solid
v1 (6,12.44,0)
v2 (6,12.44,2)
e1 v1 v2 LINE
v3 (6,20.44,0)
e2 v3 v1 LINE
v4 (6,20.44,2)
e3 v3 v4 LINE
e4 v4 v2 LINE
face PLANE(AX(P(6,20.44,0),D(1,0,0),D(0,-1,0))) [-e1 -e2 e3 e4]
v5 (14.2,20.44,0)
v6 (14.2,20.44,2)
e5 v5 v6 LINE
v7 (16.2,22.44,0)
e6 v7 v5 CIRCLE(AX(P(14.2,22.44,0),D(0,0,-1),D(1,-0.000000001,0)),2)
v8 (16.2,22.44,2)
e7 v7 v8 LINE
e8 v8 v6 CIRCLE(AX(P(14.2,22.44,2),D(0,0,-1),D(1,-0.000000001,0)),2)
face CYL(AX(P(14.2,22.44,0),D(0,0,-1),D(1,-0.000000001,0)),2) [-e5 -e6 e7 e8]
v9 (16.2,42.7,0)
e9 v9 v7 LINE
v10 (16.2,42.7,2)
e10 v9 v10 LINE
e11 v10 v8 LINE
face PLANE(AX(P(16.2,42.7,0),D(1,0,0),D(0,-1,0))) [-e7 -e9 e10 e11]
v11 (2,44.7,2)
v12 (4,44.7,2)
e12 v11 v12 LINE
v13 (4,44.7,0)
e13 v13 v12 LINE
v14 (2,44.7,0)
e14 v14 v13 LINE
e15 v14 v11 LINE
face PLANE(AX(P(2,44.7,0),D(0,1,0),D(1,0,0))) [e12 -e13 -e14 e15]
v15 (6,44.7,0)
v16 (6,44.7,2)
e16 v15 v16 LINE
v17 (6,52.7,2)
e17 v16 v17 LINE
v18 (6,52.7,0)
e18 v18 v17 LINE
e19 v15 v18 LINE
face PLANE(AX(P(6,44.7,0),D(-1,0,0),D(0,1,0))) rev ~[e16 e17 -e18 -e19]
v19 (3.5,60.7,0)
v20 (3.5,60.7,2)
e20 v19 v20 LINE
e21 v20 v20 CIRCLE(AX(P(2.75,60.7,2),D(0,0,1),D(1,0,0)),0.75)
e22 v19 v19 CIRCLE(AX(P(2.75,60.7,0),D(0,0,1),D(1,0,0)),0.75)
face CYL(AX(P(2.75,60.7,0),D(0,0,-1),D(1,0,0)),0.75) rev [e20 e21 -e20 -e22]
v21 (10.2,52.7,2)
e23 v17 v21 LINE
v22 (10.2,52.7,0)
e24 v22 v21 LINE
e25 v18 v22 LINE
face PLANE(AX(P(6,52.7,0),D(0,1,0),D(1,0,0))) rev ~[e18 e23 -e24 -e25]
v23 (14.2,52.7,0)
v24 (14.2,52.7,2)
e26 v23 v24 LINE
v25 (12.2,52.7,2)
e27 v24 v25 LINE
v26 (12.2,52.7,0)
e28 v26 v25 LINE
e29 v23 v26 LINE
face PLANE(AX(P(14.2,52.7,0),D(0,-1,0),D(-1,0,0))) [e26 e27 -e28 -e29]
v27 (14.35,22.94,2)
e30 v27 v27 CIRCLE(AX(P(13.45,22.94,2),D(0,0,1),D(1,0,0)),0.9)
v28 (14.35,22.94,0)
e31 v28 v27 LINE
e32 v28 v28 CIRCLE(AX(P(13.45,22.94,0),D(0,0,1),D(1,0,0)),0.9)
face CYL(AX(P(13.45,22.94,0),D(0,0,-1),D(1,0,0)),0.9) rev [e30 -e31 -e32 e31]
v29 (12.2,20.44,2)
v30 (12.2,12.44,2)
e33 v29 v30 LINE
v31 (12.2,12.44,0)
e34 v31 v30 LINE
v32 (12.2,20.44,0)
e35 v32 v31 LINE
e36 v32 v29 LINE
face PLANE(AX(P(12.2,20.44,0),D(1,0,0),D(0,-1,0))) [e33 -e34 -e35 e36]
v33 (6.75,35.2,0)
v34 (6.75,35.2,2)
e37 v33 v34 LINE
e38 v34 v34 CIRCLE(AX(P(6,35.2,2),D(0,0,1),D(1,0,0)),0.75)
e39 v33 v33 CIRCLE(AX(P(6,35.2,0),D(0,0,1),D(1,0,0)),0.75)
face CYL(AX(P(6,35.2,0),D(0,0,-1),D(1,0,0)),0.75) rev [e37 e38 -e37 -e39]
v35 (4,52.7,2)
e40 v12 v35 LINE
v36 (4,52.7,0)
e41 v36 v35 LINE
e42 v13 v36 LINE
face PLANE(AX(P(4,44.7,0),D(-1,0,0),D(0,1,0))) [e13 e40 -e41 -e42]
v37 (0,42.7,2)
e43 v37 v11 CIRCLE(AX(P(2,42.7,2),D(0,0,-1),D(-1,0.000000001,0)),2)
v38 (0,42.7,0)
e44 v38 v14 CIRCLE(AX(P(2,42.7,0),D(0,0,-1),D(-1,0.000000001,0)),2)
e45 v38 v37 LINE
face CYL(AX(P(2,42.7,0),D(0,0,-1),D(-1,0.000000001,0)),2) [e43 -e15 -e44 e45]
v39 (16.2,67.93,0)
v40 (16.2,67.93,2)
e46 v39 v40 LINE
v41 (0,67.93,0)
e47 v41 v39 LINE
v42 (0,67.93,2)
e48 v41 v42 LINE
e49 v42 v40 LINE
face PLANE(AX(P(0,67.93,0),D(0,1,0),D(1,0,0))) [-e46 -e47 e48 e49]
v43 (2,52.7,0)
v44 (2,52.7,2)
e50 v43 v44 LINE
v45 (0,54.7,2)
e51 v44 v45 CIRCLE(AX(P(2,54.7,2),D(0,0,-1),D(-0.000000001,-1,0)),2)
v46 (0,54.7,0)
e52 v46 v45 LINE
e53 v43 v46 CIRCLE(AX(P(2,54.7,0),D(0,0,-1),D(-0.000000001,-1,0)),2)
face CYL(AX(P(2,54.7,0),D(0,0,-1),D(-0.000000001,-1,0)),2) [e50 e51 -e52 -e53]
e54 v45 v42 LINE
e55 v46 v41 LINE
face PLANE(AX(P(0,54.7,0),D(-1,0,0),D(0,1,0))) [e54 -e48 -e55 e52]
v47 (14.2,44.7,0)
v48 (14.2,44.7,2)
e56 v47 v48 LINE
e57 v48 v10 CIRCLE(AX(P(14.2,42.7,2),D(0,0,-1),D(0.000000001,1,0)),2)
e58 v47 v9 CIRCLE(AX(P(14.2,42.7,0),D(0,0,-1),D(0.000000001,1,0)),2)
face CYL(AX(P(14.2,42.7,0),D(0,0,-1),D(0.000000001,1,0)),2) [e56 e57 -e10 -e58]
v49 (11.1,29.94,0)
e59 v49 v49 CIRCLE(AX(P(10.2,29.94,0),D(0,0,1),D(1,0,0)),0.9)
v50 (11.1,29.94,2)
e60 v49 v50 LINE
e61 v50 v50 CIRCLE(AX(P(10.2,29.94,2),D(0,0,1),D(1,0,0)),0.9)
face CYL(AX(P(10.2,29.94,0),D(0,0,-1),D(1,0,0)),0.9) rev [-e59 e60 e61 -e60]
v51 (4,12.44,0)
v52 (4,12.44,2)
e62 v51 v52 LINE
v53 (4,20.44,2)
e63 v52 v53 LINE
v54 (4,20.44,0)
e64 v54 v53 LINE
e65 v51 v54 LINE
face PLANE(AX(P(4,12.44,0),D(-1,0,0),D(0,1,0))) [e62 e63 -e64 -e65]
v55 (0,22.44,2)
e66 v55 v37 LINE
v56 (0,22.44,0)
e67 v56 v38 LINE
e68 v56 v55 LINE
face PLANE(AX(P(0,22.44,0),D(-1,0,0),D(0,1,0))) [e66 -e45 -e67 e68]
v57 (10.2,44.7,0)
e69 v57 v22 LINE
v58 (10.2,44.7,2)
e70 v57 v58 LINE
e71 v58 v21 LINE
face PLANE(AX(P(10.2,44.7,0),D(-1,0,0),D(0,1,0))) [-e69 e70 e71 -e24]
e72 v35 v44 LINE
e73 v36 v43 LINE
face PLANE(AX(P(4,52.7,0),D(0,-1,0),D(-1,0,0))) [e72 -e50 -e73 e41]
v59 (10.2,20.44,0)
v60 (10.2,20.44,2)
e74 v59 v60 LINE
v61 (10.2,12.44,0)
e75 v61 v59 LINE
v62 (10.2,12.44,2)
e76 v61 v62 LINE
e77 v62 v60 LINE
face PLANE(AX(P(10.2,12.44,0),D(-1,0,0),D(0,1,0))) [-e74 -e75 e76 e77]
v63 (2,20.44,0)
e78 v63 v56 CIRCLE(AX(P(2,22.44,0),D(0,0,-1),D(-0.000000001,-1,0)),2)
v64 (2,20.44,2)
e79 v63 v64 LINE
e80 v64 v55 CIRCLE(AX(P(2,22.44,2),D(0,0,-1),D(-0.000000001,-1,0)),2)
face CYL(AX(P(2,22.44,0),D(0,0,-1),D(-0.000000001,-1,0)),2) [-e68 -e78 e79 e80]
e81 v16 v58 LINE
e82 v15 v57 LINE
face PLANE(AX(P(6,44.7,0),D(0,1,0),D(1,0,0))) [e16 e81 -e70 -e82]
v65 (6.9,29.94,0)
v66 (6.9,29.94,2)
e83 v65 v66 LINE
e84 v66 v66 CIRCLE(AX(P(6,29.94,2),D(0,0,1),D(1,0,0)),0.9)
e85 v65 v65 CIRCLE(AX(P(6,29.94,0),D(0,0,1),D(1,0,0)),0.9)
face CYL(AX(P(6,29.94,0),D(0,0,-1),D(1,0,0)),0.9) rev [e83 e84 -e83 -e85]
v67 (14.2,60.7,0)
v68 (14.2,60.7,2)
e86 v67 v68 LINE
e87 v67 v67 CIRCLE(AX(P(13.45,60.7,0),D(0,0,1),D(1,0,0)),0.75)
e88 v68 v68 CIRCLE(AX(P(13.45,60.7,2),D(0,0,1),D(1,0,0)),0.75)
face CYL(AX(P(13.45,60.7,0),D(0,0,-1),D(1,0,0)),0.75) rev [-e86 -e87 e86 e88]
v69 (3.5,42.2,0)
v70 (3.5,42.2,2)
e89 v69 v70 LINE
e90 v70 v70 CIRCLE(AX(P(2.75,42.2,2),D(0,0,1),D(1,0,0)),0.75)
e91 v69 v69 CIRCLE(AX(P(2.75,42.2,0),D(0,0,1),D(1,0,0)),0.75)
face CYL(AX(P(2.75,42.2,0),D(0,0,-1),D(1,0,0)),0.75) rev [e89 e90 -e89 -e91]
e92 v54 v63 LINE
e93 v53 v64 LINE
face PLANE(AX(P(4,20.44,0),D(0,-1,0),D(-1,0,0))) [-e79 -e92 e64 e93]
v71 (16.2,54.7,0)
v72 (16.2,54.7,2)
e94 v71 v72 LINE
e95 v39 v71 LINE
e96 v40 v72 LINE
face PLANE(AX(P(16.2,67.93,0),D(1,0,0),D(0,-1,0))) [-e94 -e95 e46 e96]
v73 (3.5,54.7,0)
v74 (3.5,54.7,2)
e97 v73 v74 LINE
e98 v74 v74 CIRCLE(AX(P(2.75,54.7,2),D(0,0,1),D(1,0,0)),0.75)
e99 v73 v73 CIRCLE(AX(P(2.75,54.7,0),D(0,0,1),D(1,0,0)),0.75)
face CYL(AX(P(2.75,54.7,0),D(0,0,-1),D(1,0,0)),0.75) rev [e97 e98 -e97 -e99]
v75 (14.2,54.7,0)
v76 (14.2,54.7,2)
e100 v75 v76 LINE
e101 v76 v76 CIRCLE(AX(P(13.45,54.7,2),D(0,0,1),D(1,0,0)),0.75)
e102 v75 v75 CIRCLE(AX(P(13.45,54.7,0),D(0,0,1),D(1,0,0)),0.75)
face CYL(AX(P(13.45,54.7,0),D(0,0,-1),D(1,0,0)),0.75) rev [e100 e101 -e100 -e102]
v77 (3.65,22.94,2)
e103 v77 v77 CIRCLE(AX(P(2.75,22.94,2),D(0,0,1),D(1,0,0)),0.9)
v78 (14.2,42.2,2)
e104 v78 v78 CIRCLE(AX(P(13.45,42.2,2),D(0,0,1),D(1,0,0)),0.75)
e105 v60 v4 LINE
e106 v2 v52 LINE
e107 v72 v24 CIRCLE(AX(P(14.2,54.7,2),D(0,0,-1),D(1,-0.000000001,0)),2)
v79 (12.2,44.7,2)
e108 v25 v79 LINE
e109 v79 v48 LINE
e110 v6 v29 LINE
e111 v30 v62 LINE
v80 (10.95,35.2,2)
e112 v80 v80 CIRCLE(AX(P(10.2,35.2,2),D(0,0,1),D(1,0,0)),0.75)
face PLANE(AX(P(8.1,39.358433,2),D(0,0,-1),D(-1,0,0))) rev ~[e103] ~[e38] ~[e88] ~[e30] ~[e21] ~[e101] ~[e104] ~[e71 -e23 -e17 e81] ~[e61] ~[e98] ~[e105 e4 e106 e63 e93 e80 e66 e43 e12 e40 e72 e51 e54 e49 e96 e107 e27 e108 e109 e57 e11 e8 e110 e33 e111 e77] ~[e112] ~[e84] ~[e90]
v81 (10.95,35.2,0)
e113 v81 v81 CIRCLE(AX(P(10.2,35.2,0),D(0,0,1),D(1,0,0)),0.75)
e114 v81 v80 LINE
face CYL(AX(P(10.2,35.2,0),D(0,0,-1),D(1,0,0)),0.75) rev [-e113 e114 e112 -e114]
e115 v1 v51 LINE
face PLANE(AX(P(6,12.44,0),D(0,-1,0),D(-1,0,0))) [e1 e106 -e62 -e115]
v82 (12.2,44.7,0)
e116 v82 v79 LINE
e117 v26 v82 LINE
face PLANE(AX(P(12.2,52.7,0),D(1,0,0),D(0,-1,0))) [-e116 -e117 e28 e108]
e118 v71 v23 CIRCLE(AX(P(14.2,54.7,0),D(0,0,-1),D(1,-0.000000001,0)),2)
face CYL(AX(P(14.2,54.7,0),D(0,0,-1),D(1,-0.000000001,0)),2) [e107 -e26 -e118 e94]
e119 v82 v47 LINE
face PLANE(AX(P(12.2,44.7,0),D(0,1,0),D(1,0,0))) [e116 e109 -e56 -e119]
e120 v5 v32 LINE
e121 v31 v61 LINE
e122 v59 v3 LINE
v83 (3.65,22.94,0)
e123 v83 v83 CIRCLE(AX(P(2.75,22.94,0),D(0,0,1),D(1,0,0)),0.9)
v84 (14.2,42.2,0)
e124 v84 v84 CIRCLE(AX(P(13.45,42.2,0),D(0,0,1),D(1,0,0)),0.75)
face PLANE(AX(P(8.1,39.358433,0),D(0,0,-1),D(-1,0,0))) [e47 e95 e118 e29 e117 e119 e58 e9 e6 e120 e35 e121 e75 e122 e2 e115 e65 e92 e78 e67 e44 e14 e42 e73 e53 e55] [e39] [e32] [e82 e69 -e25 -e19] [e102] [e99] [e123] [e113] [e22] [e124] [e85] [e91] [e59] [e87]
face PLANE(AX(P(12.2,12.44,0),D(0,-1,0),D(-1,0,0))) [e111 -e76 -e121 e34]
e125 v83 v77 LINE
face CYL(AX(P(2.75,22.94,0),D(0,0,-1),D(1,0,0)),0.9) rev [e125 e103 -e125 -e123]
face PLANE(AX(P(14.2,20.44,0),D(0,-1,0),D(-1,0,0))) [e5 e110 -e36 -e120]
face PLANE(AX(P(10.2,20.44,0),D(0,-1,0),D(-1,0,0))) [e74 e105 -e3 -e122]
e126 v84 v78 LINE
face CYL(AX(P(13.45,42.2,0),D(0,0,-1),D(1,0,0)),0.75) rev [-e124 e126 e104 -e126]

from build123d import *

# Parameters (mm, degrees)
SKETCH1_R           = 0.75
SKETCH1_R_2         = 0.9
SKETCH1_W           = 4.2
SKETCH1_H           = 8
BOSS_EXTRUDE1_DEPTH = 2


with BuildPart() as part:
    # Sketch1 → Boss-Extrude1 (new body)
    with BuildSketch(Plane.XY):
        with BuildLine():
            Line((4, 44.7), (4, 52.7))
            Line((4, 52.7), (2, 52.7))
            ThreePointArc((2, 52.7), (0.585786438, 53.285786438), (0, 54.7))
            Line((0, 54.7), (0, 67.93))
            Line((0, 67.93), (16.2, 67.93))
            Line((16.2, 67.93), (16.2, 54.7))
            ThreePointArc((16.2, 54.7), (15.614213562, 53.285786438), (14.2, 52.7))
            Line((14.2, 52.7), (12.2, 52.7))
            Line((12.2, 52.7), (12.2, 44.7))
            Line((12.2, 44.7), (14.2, 44.7))
            ThreePointArc((14.2, 44.7), (15.614213562, 44.114213562), (16.2, 42.7))
            Line((16.2, 42.7), (16.2, 22.44))
            ThreePointArc((16.2, 22.44), (15.614213562, 21.025786438), (14.2, 20.44))
            Line((14.2, 20.44), (12.2, 20.44))
            Line((12.2, 20.44), (12.2, 12.44))
            Line((12.2, 12.44), (10.2, 12.44))
            Line((10.2, 12.44), (10.2, 20.44))
            Line((10.2, 20.44), (6, 20.44))
            Line((6, 20.44), (6, 12.44))
            Line((6, 12.44), (4, 12.44))
            Line((4, 12.44), (4, 20.44))
            Line((4, 20.44), (2, 20.44))
            ThreePointArc((2, 20.44), (0.585786438, 21.025786438), (0, 22.44))
            Line((0, 22.44), (0, 42.7))
            ThreePointArc((0, 42.7), (0.585786438, 44.114213562), (2, 44.7))
            Line((2, 44.7), (4, 44.7))
        make_face()
        with Locations((2.75, 60.7)):
            Circle(SKETCH1_R, mode=Mode.SUBTRACT)
        with Locations((13.45, 54.7)):
            Circle(SKETCH1_R, mode=Mode.SUBTRACT)
        with Locations((13.45, 42.2)):
            Circle(SKETCH1_R, mode=Mode.SUBTRACT)
        with Locations((13.45, 22.94)):
            Circle(SKETCH1_R_2, mode=Mode.SUBTRACT)
        with Locations((10.2, 29.94)):
            Circle(SKETCH1_R_2, mode=Mode.SUBTRACT)
        with Locations((6, 35.2)):
            Circle(SKETCH1_R, mode=Mode.SUBTRACT)
        with Locations((13.45, 60.7)):
            Circle(SKETCH1_R, mode=Mode.SUBTRACT)
        with Locations((10.2, 35.2)):
            Circle(SKETCH1_R, mode=Mode.SUBTRACT)
        with Locations((6, 29.94)):
            Circle(SKETCH1_R_2, mode=Mode.SUBTRACT)
        with Locations((2.75, 22.94)):
            Circle(SKETCH1_R_2, mode=Mode.SUBTRACT)
        with Locations((2.75, 42.2)):
            Circle(SKETCH1_R, mode=Mode.SUBTRACT)
        with Locations((2.75, 54.7)):
            Circle(SKETCH1_R, mode=Mode.SUBTRACT)
        with Locations((8.1, 48.7)):
            Rectangle(SKETCH1_W, SKETCH1_H, mode=Mode.SUBTRACT)
    extrude(amount=BOSS_EXTRUDE1_DEPTH)


solid = part.part
